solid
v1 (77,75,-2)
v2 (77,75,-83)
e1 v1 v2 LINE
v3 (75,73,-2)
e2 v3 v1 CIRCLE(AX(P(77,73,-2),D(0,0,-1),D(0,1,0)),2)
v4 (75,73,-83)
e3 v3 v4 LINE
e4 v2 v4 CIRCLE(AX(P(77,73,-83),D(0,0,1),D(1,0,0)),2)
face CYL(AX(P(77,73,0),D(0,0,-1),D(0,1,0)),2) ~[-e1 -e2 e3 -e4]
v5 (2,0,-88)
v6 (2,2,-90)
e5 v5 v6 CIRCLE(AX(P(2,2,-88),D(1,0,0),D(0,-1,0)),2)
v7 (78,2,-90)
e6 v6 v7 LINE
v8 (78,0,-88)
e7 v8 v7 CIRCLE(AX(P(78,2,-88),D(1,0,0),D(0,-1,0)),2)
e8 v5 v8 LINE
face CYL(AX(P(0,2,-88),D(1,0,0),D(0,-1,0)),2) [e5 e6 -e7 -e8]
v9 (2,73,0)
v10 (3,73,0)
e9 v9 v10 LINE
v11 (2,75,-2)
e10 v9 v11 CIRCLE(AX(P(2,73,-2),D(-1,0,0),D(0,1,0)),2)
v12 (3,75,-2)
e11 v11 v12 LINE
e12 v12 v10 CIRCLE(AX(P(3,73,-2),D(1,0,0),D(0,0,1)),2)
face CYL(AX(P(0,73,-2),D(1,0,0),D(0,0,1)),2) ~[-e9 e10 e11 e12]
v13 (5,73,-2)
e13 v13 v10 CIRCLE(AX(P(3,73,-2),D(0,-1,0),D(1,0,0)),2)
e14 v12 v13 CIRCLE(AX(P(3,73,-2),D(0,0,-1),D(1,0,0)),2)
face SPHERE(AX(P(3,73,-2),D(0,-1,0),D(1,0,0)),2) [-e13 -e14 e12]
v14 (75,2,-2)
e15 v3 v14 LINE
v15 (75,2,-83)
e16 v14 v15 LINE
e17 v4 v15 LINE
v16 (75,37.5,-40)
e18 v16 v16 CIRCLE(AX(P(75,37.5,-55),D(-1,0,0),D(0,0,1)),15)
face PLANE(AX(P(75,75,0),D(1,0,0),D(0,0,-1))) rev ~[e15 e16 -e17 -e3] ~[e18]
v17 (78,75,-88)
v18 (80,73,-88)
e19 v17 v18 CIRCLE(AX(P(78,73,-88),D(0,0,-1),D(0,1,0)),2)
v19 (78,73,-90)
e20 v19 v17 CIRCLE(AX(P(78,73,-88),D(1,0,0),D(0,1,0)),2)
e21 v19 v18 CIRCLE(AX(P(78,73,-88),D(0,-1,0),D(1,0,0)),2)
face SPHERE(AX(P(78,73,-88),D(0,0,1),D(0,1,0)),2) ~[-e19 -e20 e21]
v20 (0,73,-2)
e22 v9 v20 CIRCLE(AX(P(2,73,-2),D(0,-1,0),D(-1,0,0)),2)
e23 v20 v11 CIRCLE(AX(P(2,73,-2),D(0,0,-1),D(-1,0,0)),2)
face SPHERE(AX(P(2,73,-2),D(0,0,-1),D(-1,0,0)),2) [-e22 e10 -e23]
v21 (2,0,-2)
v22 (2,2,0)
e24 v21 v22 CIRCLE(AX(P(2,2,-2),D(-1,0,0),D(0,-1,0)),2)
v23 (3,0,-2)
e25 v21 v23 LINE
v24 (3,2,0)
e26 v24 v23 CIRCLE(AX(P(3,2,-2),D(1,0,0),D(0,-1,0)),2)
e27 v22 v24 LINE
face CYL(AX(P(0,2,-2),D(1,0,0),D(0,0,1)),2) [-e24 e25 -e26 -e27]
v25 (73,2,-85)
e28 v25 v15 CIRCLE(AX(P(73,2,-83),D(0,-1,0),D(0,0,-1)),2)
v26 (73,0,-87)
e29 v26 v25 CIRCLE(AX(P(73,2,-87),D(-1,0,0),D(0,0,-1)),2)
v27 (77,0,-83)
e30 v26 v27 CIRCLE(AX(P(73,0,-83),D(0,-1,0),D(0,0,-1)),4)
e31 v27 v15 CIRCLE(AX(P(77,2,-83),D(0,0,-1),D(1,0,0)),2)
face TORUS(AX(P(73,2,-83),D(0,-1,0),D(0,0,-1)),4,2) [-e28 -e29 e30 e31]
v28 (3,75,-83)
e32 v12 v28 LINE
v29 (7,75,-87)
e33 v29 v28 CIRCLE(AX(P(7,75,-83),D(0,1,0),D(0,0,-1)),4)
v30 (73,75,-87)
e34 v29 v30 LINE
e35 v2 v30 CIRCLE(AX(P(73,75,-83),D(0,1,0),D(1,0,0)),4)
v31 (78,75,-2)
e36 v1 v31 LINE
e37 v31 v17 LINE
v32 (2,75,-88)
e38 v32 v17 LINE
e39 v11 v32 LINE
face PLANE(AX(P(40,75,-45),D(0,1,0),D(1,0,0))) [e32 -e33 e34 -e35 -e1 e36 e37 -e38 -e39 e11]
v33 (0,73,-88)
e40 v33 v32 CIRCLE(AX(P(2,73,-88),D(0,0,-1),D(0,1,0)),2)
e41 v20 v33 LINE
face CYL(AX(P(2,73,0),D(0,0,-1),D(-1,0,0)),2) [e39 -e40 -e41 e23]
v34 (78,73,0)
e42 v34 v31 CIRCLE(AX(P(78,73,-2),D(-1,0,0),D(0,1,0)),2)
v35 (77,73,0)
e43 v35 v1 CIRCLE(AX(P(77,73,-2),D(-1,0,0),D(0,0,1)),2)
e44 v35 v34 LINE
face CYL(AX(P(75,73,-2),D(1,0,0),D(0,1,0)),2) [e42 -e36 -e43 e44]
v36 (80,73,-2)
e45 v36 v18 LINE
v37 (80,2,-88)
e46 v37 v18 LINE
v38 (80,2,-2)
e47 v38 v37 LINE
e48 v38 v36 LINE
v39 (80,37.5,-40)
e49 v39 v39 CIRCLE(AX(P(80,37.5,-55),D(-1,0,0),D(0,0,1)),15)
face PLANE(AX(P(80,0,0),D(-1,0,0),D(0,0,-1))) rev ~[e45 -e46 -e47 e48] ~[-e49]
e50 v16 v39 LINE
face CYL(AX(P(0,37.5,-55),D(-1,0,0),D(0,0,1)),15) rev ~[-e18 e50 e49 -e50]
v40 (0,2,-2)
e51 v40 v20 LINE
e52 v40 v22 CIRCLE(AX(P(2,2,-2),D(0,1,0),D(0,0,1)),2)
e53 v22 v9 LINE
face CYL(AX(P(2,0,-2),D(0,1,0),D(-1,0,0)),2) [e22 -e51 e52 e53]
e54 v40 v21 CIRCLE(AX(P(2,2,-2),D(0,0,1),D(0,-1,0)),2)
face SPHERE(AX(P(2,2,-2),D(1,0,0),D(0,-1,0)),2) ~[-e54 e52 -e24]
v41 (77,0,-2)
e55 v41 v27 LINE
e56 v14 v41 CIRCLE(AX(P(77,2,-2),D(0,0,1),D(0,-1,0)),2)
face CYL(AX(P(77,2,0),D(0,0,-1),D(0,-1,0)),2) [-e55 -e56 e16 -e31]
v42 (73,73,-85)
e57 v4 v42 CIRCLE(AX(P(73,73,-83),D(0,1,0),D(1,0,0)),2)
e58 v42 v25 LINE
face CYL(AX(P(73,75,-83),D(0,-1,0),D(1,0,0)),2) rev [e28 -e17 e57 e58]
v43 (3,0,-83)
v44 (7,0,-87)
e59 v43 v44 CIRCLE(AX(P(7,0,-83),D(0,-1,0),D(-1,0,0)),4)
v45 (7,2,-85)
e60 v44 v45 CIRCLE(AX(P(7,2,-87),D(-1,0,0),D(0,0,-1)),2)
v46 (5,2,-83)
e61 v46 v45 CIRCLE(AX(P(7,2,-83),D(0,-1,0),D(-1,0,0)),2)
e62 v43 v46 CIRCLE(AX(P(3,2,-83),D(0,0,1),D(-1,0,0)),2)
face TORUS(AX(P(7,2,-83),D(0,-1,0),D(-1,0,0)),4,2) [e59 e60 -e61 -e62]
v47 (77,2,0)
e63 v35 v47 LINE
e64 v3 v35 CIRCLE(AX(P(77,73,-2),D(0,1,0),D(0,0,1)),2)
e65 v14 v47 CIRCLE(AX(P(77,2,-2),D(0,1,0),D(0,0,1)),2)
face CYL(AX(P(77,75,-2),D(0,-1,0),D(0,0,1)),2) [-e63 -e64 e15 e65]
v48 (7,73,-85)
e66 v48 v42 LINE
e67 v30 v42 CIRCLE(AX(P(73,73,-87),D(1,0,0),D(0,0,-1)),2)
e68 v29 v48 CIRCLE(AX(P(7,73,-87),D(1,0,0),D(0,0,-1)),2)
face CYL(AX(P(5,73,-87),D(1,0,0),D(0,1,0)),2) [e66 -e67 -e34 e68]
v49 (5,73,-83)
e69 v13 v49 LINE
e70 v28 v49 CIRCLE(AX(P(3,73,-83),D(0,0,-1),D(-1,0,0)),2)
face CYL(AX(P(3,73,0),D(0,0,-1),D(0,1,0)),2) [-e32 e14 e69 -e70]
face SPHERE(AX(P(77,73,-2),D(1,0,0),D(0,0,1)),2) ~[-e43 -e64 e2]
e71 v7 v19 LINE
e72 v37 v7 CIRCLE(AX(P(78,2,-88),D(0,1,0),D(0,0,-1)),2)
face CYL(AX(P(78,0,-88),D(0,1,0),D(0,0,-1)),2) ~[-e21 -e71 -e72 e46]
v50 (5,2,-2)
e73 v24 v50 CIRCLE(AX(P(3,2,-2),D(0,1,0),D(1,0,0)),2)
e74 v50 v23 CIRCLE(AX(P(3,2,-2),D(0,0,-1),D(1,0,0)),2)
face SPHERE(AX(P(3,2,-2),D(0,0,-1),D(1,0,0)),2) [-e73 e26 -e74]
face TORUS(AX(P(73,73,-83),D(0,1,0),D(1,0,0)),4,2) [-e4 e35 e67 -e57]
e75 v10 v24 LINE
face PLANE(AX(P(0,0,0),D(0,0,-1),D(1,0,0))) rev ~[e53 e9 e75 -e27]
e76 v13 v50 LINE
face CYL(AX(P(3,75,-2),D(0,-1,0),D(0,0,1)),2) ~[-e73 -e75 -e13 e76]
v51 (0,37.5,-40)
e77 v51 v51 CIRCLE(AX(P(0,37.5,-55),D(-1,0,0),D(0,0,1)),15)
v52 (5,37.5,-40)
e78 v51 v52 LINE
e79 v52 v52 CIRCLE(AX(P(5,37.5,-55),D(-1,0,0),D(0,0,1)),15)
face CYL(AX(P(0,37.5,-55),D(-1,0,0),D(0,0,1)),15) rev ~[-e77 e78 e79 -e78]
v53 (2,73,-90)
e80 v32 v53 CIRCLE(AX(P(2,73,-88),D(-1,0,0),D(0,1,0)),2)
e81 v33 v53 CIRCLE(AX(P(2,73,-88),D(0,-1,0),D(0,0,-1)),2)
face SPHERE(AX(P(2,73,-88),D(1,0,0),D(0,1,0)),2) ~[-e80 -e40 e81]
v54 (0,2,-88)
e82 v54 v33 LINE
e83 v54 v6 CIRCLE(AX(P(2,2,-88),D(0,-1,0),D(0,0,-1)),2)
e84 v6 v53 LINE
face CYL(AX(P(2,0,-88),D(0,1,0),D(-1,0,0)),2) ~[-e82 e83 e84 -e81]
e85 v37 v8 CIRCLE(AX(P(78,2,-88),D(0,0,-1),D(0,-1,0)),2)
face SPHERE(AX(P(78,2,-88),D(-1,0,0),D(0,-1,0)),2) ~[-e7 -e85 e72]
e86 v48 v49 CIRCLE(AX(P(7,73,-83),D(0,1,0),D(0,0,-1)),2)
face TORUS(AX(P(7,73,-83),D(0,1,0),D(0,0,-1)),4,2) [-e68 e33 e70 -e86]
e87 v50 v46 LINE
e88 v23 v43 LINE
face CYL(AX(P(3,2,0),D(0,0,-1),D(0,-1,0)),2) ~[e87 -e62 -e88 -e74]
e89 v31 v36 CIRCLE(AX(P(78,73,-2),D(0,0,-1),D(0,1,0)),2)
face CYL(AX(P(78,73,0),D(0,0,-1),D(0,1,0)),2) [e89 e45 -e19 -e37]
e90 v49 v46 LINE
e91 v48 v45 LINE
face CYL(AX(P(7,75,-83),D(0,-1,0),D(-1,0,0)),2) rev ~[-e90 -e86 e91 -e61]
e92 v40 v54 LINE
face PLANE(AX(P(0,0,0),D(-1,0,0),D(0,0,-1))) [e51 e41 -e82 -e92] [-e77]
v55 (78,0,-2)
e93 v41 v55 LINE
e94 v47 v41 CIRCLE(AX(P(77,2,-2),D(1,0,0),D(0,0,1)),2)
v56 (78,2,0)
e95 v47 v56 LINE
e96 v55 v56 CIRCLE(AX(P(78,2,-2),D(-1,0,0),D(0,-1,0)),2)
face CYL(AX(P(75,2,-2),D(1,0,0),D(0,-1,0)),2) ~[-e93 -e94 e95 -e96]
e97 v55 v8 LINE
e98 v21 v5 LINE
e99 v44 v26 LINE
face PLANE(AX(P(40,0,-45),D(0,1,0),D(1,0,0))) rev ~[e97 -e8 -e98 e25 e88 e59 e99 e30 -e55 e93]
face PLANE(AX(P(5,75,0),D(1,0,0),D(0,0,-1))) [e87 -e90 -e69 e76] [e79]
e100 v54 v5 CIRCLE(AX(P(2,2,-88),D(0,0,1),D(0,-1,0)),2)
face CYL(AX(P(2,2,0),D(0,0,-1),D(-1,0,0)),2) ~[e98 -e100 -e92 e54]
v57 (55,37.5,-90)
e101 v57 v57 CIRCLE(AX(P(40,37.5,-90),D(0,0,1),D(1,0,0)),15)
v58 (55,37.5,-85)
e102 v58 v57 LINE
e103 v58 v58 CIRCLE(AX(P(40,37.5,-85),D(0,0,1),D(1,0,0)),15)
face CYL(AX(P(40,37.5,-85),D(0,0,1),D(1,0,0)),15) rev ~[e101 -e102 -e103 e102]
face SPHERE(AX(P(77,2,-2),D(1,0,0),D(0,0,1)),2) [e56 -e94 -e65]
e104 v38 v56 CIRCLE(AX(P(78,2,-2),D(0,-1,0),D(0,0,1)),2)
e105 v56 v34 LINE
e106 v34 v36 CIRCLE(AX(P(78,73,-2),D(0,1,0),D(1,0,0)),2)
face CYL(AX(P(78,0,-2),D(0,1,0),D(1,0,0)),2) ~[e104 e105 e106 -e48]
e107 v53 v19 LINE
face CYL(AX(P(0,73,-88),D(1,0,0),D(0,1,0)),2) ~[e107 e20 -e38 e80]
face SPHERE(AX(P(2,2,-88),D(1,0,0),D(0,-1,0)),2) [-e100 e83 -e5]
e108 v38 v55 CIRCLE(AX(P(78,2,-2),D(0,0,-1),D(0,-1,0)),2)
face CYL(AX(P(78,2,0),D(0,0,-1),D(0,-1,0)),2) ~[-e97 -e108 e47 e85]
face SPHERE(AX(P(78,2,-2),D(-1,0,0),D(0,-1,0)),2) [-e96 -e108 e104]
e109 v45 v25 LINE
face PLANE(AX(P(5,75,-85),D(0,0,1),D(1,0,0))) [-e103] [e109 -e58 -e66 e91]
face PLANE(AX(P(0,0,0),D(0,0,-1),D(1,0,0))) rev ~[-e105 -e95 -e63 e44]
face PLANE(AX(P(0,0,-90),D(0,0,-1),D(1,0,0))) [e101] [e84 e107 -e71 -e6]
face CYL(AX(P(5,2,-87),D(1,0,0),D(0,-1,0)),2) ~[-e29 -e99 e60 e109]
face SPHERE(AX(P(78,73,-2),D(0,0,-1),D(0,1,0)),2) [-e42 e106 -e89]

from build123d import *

# Parameters (mm, degrees)
SKETCH1_W           = 80
SKETCH1_H           = 90
BOSS_EXTRUDE1_DEPTH = 75
SKETCH2_W           = 70
SKETCH2_H           = 85
CUT_EXTRUDE2_DEPTH  = 142.862609591
SKETCH3_R           = 15
CUT_EXTRUDE3_DEPTH  = 142.862609591
SKETCH4_R           = 15
CUT_EXTRUDE4_DEPTH  = 139.744369255
FILLET1_R           = 2


with BuildPart() as part:
    # Sketch1 → Boss-Extrude1 (new body)
    with BuildSketch(Plane(origin=(0, 0, 0), x_dir=(1, 0, 0), z_dir=(0, 1, 0))):
        with Locations((40, 45)):
            Rectangle(SKETCH1_W, SKETCH1_H)
    extrude(amount=BOSS_EXTRUDE1_DEPTH)

    # Sketch2 → Cut-Extrude2 (cut, through all)
    with BuildSketch(Plane(origin=(0, 75, 0), x_dir=(1, 0, 0), z_dir=(0, 1, 0))):
        with Locations((40, 42.5)):
            Rectangle(SKETCH2_W, SKETCH2_H)
    extrude(amount=-CUT_EXTRUDE2_DEPTH, mode=Mode.SUBTRACT)

    # Sketch3 → Cut-Extrude3 (cut, through all)
    with BuildSketch(Plane.ZY):
        with Locations((-55, 37.5)):
            Circle(SKETCH3_R)
    extrude(amount=-CUT_EXTRUDE3_DEPTH, mode=Mode.SUBTRACT)

    # Sketch4 → Cut-Extrude4 (cut, through all)
    with BuildSketch(Plane.XY.offset(-85)):
        with Locations((40, 37.5)):
            Circle(SKETCH4_R)
    extrude(amount=-CUT_EXTRUDE4_DEPTH, mode=Mode.SUBTRACT)

    # Fillet1
    fillet1_edges = [part.edges().sort_by_distance(p)[0] for p in [
        (80, 75, -45),
        (77.5, 0, 0),
        (40, 75, -90),
        (77.5, 75, 0),
        (75, 37.5, 0),
        (5, 0, -42.5),
        (5, 37.5, 0),
        (40, 0, -85),
        (5, 37.5, -85),
        (75, 0, -42.5),
        (75, 37.5, -85),
        (75, 75, -42.5),
        (40, 75, -85),
        (5, 75, -42.5),
        (0, 75, -45),
        (40, 0, -90),
        (80, 0, -45),
        (2.5, 0, 0),
        (0, 0, -45),
        (0, 37.5, -90),
        (80, 37.5, -90),
        (80, 37.5, 0),
        (0, 37.5, 0),
        (2.5, 75, 0),
    ]]
    fillet(fillet1_edges, radius=FILLET1_R)


solid = part.part
